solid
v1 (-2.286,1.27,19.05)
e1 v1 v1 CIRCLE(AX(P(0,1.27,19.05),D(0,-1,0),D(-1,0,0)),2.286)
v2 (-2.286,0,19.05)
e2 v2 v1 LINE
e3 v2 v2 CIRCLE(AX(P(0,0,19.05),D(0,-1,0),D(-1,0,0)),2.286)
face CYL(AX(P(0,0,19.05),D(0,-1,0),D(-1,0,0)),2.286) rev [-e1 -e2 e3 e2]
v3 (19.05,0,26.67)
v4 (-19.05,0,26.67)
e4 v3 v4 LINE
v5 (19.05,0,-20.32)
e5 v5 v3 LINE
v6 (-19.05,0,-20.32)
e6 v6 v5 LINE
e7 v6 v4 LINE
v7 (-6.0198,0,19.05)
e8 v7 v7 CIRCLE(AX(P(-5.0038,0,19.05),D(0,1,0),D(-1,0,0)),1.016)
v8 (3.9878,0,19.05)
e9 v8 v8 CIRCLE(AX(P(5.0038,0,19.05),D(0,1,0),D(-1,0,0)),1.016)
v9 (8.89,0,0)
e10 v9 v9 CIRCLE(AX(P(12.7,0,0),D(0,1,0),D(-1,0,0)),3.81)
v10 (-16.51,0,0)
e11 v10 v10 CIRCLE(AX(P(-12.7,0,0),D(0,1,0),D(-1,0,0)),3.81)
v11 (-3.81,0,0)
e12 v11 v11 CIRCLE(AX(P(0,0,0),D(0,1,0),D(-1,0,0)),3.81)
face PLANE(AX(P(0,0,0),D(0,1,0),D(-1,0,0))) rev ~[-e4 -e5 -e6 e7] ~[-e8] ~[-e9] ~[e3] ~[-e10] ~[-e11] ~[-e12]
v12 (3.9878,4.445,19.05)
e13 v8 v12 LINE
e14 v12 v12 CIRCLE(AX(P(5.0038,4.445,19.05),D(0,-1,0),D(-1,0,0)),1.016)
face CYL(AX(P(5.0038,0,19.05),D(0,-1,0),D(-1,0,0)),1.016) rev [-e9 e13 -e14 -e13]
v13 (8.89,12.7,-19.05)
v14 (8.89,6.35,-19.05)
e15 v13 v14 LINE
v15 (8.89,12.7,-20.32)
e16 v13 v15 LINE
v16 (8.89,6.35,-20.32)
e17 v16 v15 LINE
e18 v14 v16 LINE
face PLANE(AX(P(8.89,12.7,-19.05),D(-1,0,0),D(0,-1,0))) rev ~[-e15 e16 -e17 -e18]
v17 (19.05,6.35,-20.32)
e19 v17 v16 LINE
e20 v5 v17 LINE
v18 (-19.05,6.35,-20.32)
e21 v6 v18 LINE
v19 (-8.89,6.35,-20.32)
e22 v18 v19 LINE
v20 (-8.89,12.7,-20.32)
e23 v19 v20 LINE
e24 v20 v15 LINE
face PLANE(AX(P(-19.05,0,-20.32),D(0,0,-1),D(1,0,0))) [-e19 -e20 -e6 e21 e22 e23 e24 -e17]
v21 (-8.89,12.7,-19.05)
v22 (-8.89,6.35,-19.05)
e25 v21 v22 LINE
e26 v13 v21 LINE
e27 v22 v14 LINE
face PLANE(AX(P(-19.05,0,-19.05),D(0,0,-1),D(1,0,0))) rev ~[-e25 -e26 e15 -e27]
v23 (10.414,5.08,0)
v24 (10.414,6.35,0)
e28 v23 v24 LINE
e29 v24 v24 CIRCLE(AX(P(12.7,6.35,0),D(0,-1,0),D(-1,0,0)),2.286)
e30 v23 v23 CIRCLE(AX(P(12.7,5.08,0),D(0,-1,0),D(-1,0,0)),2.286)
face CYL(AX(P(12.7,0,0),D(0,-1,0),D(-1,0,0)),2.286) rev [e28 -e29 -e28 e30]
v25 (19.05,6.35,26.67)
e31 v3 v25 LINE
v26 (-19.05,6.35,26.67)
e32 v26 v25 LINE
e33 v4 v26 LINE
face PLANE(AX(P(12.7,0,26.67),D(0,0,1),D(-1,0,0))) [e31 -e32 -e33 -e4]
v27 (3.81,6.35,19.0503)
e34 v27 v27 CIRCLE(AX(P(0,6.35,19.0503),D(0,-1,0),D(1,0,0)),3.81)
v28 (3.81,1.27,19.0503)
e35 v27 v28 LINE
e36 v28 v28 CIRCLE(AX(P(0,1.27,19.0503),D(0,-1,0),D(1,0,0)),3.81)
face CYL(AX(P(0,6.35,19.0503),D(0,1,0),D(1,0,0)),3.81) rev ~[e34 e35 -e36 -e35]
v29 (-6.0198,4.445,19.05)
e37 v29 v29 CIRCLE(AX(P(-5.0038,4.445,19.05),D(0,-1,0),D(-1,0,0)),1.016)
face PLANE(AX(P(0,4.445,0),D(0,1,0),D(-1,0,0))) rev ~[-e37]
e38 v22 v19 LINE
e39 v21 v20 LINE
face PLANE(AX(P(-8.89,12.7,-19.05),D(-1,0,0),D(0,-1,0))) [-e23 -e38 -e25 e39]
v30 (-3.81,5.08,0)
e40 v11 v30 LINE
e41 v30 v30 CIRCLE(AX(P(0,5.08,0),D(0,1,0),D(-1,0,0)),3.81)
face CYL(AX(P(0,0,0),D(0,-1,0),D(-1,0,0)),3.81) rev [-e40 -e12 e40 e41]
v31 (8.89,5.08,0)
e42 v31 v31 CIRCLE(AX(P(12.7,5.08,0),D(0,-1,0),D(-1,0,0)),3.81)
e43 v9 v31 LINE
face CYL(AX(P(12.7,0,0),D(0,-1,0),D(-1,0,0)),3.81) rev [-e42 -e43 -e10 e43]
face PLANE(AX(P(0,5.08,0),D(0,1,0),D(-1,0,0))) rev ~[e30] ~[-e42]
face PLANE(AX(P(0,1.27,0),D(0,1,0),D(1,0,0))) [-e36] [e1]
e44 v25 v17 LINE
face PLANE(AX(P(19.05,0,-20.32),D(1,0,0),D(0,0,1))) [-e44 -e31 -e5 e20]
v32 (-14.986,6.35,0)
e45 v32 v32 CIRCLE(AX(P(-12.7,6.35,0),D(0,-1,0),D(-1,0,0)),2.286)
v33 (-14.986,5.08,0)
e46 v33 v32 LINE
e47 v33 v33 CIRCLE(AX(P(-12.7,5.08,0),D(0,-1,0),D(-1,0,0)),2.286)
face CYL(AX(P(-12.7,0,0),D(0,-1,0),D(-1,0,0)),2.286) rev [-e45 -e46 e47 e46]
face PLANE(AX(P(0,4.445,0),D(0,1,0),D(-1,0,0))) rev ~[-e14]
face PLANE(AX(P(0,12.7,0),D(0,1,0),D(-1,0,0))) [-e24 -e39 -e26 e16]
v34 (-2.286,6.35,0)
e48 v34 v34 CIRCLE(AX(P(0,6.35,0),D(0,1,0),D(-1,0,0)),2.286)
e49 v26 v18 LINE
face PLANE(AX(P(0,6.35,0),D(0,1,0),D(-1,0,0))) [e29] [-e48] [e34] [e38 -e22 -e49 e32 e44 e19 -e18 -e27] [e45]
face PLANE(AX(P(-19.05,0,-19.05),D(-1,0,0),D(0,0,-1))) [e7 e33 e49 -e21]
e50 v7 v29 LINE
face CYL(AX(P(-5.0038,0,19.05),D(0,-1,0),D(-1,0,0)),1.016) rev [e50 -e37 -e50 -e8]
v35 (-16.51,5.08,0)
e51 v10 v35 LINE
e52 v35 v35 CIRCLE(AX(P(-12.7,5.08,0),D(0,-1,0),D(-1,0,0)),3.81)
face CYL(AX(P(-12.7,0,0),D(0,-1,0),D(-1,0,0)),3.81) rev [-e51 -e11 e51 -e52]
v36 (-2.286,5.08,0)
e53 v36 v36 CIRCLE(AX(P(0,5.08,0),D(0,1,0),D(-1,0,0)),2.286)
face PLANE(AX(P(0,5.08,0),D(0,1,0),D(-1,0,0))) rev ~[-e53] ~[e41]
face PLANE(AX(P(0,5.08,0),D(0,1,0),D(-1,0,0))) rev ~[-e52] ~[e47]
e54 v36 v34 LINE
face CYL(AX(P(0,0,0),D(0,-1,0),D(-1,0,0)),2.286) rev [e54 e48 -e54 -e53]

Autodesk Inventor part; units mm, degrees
ref_plane "YZ Plane" through (0, 0, 0) normal (1, 0, 0) x (0, 1, 0)
ref_plane "XZ Plane" through (0, 0, 0) normal (0, 1, 0) x (-1, 0, 0)
ref_plane "XY Plane" through (0, 0, 0) normal (0, 0, 1) x (1, 0, 0)
sketch "Sketch1" plane through (0, 0, 0) normal (0, 1, 0) x (-1, 0, 0)
  line L0 (-12.7, 19.05) -> (12.7, 19.05)
  line L1 (12.7, 19.05) -> (12.7, -19.05)
  line L2 (12.7, -19.05) -> (-12.7, -19.05)
  line L3 (-12.7, -19.05) -> (-12.7, 19.05)
  line L4 (-12.7, 19.05) -> (12.7, -19.05) construction
  line L5 (12.7, 19.05) -> (-12.7, -19.05) construction
  circle A0 centre (0, 0) radius 2.286
  line L6 (12.7, 19.05) -> (-12.7, 19.05)
  line L7 (-12.7, 19.05) -> (-12.7, 34.29)
  line L8 (-12.7, 34.29) -> (12.7, 34.29)
  line L9 (12.7, 34.29) -> (12.7, 19.05)
  line L10 (-19.05, 19.05) -> (19.05, 19.05)
  line L11 (19.05, 19.05) -> (19.05, -19.05)
  line L12 (19.05, -19.05) -> (-19.05, -19.05)
  line L13 (-19.05, -19.05) -> (-19.05, 19.05)
  line L14 (-19.05, 19.05) -> (19.05, -19.05) construction
  line L15 (19.05, 19.05) -> (-19.05, -19.05) construction
  circle A1 centre (12.7, 0) radius 2.286
  circle A2 centre (-12.7, 0) radius 2.286
  line L16 (19.05, 19.05) -> (-19.05, 19.05)
  line L17 (-19.05, 19.05) -> (-19.05, 34.29)
  line L18 (-19.05, 34.29) -> (19.05, 34.29)
  line L19 (19.05, 34.29) -> (19.05, 19.05)
  circle A3 centre (0, 26.67) radius 2.286
  line L20 (-19.05, -19.05) -> (19.05, -19.05)
  line L21 (19.05, -19.05) -> (19.05, -20.32)
  line L22 (19.05, -20.32) -> (-19.05, -20.32)
  line L23 (-19.05, -20.32) -> (-19.05, -19.05)
  circle A4 centre (0, 0) radius 3.81
  circle A5 centre (-12.7, 0) radius 3.81
  circle A6 centre (12.7, 0) radius 3.81
  line L24 (0, 26.67) -> (-5.0038, 26.67)
  line L25 (-5.0038, 26.67) -> (0, 26.67)
  line L26 (0, 26.67) -> (5.0038, 26.67)
  circle A7 centre (5.0038, 26.67) radius 1.016
  circle A8 centre (-5.0038, 26.67) radius 1.016
  circle A9 centre (0, 19.05) radius 2.286
  circle A10 centre (-5.0038, 19.05) radius 1.016
  circle A11 centre (5.0038, 19.05) radius 1.016
  line L27 (-19.05, 26.67) -> (19.05, 26.67)
  point P0 (12.7, 34.29)
  dimension "d0" = 38.1
  dimension "d1" = 25.4
  dimension "d2" = 4.572
  dimension "d3" = 15.24
  dimension "d4" = 38.1
  dimension "d5" = 4.572
  dimension "d6" = 4.572
  dimension "d7" = 4.572
  dimension "d10" = 1.27
  dimension "d13" = 15.24
  dimension "d14" = 7.62
  dimension "d15" = 7.62
  dimension "d16" = 7.62
  dimension "d22" = 5.0038
  dimension "d23" = 5.0038
  dimension "d24" = 2.032
  dimension "d25" = 2.032
  dimension "d28" = 4.572
  dimension "d29" = 2.032
extrude "Extrusion1" add sketch "Sketch1" along normal blind 6.35 contours A11 L0 A9 A10 L7 L27 A8 L24 A3 L26 A7 L9 | A11 L0 | L0 A11 | L0 L1 A6 L2 L3 A5 A10 A9 A11 | L10 L11 L12 L1 A6 | L9 L27 L19 L10 | A6 L1 A1 | L1 A1 A6 | A7 L26 L27 | A10 L0 | L0 A10 | L12 L13 L10 L3 A5 | L7 L10 L17 L27 | A3 L24 L26 | A5 L3 A2 | L3 A2 A5 | L27 L24 A8 | A4 picked at (4.3363, 26.589) picked at (-1.5019, 26.4876) picked at (-5.6713, 26.589)
extrude "Extrusion2" add sketch "Sketch1" along normal blind 12.7 contours L21 L22 L23 L12 L2
extrude "Extrusion3" cut sketch "Sketch1" along normal blind 5.08 contours A6 L1 A1 | L1 A1 A6 | A5 L3 A2 | L3 A2 A5 | A4
sketch "Sketch2" plane through (0, 6.35, 0) normal (0, 1, 0) x (1, 0, 0)
  circle A0 centre (0, -26.67) radius 2.286 projected
  circle A1 centre (0, -26.67) radius 3.81
  circle A2 centre (0, -19.0503) radius 3.81
  point P0 (0, 0)
  point P1 (0.035, -22.8602)
  point P2 (-0.035, -22.8602)
  dimension "d19" = 7.62
extrude "Extrusion4" cut sketch "Sketch2" against normal blind 5.08 contours A2
sketch "Sketch3" plane through (0, 0, 0) normal (0, -1, 0) x (1, 0, 0)
  point P0 (0, 0)
extrude "Extrusion5" cut sketch "Sketch1" along normal blind 4.445 contours A11 L0 | L0 A11 | A10 L0 | L0 A10
sketch "Sketch4" plane through (19.05, 0, -20.32) normal (0, 0, -1) x (-1, 0, 0)
  point P0 (19.05, 0)
sketch "Sketch5" plane through (-19.05, 6.35, -19.05) normal (0, 0, 1) x (1, 0, 0)
  line L0 (38.1, 6.35) -> (0, 6.35) projected
  line L1 (0, 6.35) -> (10.16, 6.35)
  line L2 (10.16, 6.35) -> (10.16, 0)
  line L3 (10.16, 0) -> (0, 0)
  line L4 (0, 0) -> (0, 6.35)
  line L5 (0, 0) -> (38.1, 0) projected
  line L6 (38.1, 6.35) -> (27.94, 6.35)
  line L7 (27.94, 6.35) -> (27.94, 0)
  line L8 (27.94, 0) -> (38.1, 0)
  line L9 (38.1, 0) -> (38.1, 6.35)
  point P0 (19.05, -6.35)
  dimension "d30" = 10.16
  dimension "d31" = 10.16
  dimension "d32" = 6.35
extrude "Extrusion6" cut sketch "Sketch5" against normal blind 25.4 contours L9 L5 L7 L0 | L2 L3 L4 L0
properties part number "BeamsplitterMounttoPolarisPinAdapterV3"
